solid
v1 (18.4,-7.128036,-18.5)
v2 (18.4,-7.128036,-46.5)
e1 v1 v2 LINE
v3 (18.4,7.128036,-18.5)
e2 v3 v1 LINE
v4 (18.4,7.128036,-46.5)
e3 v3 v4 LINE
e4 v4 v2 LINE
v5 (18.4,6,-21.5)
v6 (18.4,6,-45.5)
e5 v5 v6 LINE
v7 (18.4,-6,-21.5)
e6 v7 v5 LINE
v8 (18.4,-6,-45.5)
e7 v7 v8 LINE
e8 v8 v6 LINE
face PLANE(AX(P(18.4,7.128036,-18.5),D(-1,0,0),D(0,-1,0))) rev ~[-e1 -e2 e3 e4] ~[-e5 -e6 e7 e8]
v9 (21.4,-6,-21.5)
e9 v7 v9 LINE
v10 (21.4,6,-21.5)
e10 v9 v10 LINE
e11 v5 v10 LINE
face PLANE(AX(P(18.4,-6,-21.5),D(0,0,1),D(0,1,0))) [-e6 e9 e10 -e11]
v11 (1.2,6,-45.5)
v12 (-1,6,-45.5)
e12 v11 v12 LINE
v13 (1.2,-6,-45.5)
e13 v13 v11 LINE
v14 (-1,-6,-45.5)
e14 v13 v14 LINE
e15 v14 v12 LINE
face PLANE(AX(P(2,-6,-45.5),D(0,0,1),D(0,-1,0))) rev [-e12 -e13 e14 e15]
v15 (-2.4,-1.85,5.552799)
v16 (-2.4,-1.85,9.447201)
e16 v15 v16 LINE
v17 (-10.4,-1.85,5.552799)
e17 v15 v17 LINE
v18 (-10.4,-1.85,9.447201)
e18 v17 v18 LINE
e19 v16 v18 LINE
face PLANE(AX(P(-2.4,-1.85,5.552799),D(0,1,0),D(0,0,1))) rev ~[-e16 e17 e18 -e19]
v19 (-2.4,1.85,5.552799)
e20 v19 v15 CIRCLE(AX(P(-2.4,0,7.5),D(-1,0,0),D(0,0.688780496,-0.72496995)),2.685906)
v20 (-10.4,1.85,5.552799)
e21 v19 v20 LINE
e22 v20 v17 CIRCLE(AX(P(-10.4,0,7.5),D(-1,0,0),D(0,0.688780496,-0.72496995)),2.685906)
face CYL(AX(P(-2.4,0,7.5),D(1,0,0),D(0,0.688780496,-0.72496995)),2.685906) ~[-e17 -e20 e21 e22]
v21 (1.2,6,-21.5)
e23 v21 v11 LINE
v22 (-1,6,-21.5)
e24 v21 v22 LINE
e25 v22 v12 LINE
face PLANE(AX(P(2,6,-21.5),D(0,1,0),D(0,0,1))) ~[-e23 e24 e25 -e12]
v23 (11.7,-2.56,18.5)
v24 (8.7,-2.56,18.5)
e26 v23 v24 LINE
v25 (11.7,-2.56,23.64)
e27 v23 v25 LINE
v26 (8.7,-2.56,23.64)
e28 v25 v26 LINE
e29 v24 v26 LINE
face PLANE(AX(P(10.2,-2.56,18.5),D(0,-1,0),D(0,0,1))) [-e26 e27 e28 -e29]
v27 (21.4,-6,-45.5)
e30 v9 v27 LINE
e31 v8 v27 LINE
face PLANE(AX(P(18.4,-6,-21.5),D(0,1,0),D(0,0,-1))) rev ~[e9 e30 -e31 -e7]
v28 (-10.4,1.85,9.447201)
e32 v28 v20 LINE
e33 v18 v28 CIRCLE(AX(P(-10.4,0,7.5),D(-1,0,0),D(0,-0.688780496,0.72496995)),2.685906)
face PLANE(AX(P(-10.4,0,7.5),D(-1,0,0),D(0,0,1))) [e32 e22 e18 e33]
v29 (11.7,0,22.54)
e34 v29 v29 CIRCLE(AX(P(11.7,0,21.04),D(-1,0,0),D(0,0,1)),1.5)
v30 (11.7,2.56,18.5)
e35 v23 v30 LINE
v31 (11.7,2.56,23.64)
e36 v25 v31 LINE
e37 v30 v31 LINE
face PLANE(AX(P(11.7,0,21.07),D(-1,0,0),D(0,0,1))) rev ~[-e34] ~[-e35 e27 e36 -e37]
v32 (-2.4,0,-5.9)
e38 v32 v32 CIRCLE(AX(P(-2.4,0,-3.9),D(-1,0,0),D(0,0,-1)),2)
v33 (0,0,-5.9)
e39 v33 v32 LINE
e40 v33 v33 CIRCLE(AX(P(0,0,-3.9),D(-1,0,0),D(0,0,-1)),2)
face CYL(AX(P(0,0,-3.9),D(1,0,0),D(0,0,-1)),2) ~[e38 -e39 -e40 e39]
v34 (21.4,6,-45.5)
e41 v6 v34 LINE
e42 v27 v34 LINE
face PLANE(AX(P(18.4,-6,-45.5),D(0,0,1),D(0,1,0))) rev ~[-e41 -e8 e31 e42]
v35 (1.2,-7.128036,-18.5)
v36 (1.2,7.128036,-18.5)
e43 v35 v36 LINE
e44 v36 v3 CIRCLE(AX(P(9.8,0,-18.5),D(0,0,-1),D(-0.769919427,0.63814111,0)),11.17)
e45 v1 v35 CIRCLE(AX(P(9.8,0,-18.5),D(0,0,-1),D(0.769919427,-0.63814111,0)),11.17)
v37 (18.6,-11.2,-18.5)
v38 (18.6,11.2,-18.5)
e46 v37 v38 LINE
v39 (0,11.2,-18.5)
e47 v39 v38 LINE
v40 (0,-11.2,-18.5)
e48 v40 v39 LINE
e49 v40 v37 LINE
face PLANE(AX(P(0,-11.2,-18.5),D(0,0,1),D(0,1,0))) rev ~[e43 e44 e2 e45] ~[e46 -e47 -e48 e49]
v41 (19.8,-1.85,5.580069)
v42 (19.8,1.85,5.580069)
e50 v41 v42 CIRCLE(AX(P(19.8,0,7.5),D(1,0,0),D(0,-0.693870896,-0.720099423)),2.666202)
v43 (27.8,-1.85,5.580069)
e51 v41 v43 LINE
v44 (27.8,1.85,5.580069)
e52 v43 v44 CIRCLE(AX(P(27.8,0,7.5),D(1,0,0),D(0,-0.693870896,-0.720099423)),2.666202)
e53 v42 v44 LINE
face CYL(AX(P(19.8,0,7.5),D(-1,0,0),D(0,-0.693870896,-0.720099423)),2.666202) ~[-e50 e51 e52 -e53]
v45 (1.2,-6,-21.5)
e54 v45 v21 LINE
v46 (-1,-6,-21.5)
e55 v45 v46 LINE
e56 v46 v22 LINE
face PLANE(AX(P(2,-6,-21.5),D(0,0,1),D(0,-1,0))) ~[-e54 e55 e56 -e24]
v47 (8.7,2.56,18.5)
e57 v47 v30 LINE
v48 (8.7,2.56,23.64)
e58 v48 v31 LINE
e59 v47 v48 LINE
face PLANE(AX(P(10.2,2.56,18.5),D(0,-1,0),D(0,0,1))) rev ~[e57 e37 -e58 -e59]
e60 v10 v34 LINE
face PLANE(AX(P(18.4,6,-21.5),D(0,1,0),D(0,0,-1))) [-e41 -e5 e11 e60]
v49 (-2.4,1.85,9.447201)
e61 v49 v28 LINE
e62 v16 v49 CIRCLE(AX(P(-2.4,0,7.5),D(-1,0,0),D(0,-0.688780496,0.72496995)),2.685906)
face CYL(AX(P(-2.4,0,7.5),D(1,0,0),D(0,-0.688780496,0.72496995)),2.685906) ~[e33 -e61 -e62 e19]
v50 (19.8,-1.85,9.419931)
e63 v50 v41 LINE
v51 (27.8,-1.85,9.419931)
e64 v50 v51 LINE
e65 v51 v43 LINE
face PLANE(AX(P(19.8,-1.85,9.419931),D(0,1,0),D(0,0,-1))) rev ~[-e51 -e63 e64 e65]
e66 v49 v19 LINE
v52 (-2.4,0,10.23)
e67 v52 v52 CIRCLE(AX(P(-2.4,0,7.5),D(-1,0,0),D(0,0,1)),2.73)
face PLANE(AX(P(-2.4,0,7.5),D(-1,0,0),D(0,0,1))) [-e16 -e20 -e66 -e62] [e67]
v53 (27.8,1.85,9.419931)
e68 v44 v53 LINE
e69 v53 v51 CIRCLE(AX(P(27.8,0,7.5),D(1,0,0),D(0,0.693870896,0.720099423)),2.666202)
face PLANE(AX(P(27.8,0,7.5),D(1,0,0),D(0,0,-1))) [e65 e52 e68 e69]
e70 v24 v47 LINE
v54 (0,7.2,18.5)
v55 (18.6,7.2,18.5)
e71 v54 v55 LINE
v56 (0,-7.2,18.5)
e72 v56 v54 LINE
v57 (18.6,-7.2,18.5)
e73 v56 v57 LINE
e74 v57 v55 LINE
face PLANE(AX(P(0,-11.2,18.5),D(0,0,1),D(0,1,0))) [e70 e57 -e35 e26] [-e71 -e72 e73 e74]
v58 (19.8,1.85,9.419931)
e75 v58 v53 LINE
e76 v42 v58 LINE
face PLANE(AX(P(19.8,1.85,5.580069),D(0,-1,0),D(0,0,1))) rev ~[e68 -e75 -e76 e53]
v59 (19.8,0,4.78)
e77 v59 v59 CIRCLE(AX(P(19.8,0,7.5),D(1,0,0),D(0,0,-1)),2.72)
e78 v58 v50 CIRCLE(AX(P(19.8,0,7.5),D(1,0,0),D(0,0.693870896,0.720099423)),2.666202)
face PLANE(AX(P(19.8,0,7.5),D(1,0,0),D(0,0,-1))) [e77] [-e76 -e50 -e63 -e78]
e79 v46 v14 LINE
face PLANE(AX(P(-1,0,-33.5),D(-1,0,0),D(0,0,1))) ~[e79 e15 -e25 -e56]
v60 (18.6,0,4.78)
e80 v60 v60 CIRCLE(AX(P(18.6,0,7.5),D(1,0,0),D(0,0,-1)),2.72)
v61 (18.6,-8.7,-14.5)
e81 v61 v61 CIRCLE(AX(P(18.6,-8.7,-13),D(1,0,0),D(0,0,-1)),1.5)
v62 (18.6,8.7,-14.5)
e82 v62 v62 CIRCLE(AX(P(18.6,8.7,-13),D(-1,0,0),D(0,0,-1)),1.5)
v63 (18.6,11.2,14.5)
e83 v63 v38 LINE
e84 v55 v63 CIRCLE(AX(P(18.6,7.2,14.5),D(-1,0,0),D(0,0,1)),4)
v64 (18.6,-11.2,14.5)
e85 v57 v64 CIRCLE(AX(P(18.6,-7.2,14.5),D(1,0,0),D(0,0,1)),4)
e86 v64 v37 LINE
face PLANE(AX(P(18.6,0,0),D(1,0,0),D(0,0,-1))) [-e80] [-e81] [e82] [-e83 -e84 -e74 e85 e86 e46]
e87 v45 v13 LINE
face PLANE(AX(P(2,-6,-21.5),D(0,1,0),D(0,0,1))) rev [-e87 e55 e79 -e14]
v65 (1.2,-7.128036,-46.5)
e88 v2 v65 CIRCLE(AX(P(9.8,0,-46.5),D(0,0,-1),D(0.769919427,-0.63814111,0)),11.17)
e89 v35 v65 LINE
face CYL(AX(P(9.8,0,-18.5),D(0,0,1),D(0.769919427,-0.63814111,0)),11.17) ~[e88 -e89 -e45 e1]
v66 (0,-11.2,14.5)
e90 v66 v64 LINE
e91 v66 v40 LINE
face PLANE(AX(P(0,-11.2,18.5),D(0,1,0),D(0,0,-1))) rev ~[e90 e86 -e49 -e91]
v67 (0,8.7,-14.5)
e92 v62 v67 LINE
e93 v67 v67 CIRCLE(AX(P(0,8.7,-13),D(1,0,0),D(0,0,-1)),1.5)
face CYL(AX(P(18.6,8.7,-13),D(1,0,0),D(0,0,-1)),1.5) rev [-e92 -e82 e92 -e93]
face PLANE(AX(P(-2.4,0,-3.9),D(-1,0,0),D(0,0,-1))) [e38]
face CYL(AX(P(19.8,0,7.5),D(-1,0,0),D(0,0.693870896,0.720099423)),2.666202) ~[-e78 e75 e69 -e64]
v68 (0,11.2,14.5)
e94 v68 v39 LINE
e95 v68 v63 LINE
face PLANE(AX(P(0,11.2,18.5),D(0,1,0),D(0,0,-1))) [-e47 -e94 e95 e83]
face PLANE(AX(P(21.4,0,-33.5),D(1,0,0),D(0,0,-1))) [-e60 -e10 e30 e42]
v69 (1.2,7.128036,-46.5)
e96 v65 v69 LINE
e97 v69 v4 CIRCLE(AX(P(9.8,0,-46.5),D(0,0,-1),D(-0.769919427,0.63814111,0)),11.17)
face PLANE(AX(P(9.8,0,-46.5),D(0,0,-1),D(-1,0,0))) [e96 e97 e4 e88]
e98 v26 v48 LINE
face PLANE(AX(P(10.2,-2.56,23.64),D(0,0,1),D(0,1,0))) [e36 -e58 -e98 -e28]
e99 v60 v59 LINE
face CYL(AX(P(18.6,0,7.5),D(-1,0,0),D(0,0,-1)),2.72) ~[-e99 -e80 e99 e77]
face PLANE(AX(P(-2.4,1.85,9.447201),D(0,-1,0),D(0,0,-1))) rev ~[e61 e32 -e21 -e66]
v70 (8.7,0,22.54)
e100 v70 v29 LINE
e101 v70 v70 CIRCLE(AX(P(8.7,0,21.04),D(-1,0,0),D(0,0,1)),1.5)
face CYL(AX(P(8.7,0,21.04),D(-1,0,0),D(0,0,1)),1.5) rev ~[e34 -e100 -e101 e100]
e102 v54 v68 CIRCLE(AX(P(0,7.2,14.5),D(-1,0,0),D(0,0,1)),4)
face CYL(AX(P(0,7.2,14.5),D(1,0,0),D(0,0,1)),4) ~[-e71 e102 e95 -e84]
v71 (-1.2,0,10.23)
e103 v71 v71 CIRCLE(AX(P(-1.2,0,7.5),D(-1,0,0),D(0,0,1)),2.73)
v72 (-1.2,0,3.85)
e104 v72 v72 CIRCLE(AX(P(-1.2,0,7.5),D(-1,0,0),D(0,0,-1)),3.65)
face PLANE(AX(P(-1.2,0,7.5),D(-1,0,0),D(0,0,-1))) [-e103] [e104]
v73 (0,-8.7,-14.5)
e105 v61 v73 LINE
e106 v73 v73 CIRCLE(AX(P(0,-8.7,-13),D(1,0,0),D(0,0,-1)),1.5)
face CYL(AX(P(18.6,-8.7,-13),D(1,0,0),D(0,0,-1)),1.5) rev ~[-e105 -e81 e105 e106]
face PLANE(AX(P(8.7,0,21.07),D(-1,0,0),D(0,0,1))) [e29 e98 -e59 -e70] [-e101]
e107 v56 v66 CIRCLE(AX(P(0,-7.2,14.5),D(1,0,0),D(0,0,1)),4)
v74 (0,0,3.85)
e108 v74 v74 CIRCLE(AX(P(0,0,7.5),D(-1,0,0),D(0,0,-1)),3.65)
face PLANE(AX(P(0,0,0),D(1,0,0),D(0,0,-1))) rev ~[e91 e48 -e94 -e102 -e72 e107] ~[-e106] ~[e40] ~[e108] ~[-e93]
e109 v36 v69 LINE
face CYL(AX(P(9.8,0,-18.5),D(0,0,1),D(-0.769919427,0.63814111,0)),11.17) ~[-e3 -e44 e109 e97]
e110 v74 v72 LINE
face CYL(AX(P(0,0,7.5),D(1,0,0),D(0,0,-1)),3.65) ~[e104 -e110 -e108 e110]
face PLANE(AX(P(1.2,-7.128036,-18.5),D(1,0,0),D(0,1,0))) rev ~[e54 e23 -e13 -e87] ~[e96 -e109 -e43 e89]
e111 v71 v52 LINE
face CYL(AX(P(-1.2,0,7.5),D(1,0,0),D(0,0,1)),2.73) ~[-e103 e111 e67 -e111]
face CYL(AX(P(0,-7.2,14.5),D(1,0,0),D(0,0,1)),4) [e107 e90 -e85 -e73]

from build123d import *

# Parameters (mm, degrees)
SKETCH1_W            = 37
SKETCH1_H            = 22.4
BOSS_EXTRUDE1_DEPTH  = 18.6
FILLET1_R            = 4
SKETCH2_R            = 3.65
BOSS_EXTRUDE2_DEPTH  = 1.2
SKETCH3_R            = 2.73
BOSS_EXTRUDE3_DEPTH  = 1.2
BOSS_EXTRUDE4_DEPTH  = 8
SKETCH5_R            = 2.72
BOSS_EXTRUDE5_DEPTH  = 1.2
BOSS_EXTRUDE6_DEPTH  = 8
SKETCH7_R            = 2
BOSS_EXTRUDE7_DEPTH  = 2.4
SKETCH8_W            = 5.14
SKETCH8_H            = 5.12
BOSS_EXTRUDE8_DEPTH  = 1.5
BOSS_EXTRUDE10_DEPTH = 28
SKETCH12_W           = 24
SKETCH12_H           = 12
BOSS_EXTRUDE11_DEPTH = 3
SKETCH13_R           = 1.5
CUT_EXTRUDE1_DEPTH   = 28
SKETCH14_R           = 1.5
CUT_EXTRUDE2_DEPTH   = 28


with BuildPart() as part:
    # Sketch1 → Boss-Extrude1 (new body)
    with BuildSketch(Plane(origin=(0, 0, 0), x_dir=(0, 0, -1), z_dir=(1, 0, 0))):
        Rectangle(SKETCH1_W, SKETCH1_H)
    extrude(amount=BOSS_EXTRUDE1_DEPTH)

    # Fillet1
    fillet1_edges = [part.edges().sort_by_distance(p)[0] for p in [
        (9.3, 11.2, 18.5),
        (9.3, -11.2, 18.5),
    ]]
    fillet(fillet1_edges, radius=FILLET1_R)

    # Sketch2 → Boss-Extrude2 (add)
    with BuildSketch(Plane.ZY):
        with Locations(Location((7.5, 0, 0), (0, 0, 180))):
            Circle(SKETCH2_R)
    extrude(amount=BOSS_EXTRUDE2_DEPTH)

    # Sketch3 → Boss-Extrude3 (add)
    with BuildSketch(Plane.ZY.offset(1.2)):
        with Locations((7.5, 0)):
            Circle(SKETCH3_R)
    extrude(amount=BOSS_EXTRUDE3_DEPTH)

    # Sketch4 → Boss-Extrude4 (add)
    with BuildSketch(Plane.ZY.offset(2.4)):
        with BuildLine():
            Line((5.552798511, -1.85), (9.447201489, -1.85))
            ThreePointArc((9.447201489, -1.85), (10.185906483, 0), (9.447201489, 1.85))
            Line((9.447201489, 1.85), (5.552798511, 1.85))
            ThreePointArc((5.552798511, 1.85), (4.814093517, 0), (5.552798511, -1.85))
        make_face()
    extrude(amount=BOSS_EXTRUDE4_DEPTH)

    # Sketch5 → Boss-Extrude5 (add)
    with BuildSketch(Plane(origin=(18.6, 0, 0), x_dir=(0, 0, -1), z_dir=(1, 0, 0))):
        with Locations((-7.5, 0)):
            Circle(SKETCH5_R)
    extrude(amount=BOSS_EXTRUDE5_DEPTH)

    # Sketch6 → Boss-Extrude6 (add)
    with BuildSketch(Plane(origin=(19.8, 0, 0), x_dir=(0, 0, -1), z_dir=(1, 0, 0))):
        with BuildLine():
            Line((-9.419930554, -1.85), (-5.580069446, -1.85))
            ThreePointArc((-5.580069446, -1.85), (-4.833797957, 0), (-5.580069446, 1.85))
            Line((-5.580069446, 1.85), (-9.419930554, 1.85))
            ThreePointArc((-9.419930554, 1.85), (-10.166202043, 0), (-9.419930554, -1.85))
        make_face()
    extrude(amount=BOSS_EXTRUDE6_DEPTH)

    # Sketch7 → Boss-Extrude7 (add)
    with BuildSketch(Plane.ZY):
        with Locations(Location((-3.9, 0, 0), (0, 0, 180))):
            Circle(SKETCH7_R)
    extrude(amount=BOSS_EXTRUDE7_DEPTH)

    # Sketch8 → Boss-Extrude8 (add, symmetric)
    with BuildSketch(Plane.ZY.offset(-10.2)):
        with Locations((21.07, 0)):
            Rectangle(SKETCH8_W, SKETCH8_H)
    extrude(amount=BOSS_EXTRUDE8_DEPTH, both=True)

    # Sketch11 → Boss-Extrude10 (add)
    with BuildSketch(Plane(origin=(0, 0, -18.5), x_dir=(-1, 0, 0), z_dir=(0, 0, -1))):
        with BuildLine():
            Line((-18.4, 7.128036195), (-18.4, -7.128036195))
            ThreePointArc((-18.4, -7.128036195), (-9.8, -11.17), (-1.2, -7.128036195))
            Line((-1.2, -7.128036195), (-1.2, 7.128036195))
            ThreePointArc((-1.2, 7.128036195), (-9.8, 11.17), (-18.4, 7.128036195))
        make_face()
    extrude(amount=BOSS_EXTRUDE10_DEPTH)

    # Sketch12 → Boss-Extrude11 (add)
    with BuildSketch(Plane(origin=(18.4, 0, 0), x_dir=(0, 0, -1), z_dir=(1, 0, 0))):
        with Locations((33.5, 0)):
            Rectangle(SKETCH12_W, SKETCH12_H)
    boss_extrude11 = extrude(amount=BOSS_EXTRUDE11_DEPTH)

    # Mirror1: Boss-Extrude11 across plane
    add(boss_extrude11.mirror(Plane.ZY.offset(-10.2)))

    # Sketch13 → Cut-Extrude1 (cut)
    with BuildSketch(Plane(origin=(18.6, 0, 0), x_dir=(0, 0, -1), z_dir=(1, 0, 0))):
        with Locations((13, -8.7)):
            Circle(SKETCH13_R)
    cut_extrude1 = extrude(amount=-CUT_EXTRUDE1_DEPTH, mode=Mode.SUBTRACT)

    # Mirror2: Cut-Extrude1 across plane
    add(cut_extrude1.mirror(Plane.ZX), mode=Mode.SUBTRACT)

    # Sketch14 → Cut-Extrude2 (cut)
    with BuildSketch(Plane.ZY.offset(-8.7)):
        with Locations((21.04, 0)):
            Circle(SKETCH14_R)
    extrude(amount=-CUT_EXTRUDE2_DEPTH, mode=Mode.SUBTRACT)


solid = part.part
